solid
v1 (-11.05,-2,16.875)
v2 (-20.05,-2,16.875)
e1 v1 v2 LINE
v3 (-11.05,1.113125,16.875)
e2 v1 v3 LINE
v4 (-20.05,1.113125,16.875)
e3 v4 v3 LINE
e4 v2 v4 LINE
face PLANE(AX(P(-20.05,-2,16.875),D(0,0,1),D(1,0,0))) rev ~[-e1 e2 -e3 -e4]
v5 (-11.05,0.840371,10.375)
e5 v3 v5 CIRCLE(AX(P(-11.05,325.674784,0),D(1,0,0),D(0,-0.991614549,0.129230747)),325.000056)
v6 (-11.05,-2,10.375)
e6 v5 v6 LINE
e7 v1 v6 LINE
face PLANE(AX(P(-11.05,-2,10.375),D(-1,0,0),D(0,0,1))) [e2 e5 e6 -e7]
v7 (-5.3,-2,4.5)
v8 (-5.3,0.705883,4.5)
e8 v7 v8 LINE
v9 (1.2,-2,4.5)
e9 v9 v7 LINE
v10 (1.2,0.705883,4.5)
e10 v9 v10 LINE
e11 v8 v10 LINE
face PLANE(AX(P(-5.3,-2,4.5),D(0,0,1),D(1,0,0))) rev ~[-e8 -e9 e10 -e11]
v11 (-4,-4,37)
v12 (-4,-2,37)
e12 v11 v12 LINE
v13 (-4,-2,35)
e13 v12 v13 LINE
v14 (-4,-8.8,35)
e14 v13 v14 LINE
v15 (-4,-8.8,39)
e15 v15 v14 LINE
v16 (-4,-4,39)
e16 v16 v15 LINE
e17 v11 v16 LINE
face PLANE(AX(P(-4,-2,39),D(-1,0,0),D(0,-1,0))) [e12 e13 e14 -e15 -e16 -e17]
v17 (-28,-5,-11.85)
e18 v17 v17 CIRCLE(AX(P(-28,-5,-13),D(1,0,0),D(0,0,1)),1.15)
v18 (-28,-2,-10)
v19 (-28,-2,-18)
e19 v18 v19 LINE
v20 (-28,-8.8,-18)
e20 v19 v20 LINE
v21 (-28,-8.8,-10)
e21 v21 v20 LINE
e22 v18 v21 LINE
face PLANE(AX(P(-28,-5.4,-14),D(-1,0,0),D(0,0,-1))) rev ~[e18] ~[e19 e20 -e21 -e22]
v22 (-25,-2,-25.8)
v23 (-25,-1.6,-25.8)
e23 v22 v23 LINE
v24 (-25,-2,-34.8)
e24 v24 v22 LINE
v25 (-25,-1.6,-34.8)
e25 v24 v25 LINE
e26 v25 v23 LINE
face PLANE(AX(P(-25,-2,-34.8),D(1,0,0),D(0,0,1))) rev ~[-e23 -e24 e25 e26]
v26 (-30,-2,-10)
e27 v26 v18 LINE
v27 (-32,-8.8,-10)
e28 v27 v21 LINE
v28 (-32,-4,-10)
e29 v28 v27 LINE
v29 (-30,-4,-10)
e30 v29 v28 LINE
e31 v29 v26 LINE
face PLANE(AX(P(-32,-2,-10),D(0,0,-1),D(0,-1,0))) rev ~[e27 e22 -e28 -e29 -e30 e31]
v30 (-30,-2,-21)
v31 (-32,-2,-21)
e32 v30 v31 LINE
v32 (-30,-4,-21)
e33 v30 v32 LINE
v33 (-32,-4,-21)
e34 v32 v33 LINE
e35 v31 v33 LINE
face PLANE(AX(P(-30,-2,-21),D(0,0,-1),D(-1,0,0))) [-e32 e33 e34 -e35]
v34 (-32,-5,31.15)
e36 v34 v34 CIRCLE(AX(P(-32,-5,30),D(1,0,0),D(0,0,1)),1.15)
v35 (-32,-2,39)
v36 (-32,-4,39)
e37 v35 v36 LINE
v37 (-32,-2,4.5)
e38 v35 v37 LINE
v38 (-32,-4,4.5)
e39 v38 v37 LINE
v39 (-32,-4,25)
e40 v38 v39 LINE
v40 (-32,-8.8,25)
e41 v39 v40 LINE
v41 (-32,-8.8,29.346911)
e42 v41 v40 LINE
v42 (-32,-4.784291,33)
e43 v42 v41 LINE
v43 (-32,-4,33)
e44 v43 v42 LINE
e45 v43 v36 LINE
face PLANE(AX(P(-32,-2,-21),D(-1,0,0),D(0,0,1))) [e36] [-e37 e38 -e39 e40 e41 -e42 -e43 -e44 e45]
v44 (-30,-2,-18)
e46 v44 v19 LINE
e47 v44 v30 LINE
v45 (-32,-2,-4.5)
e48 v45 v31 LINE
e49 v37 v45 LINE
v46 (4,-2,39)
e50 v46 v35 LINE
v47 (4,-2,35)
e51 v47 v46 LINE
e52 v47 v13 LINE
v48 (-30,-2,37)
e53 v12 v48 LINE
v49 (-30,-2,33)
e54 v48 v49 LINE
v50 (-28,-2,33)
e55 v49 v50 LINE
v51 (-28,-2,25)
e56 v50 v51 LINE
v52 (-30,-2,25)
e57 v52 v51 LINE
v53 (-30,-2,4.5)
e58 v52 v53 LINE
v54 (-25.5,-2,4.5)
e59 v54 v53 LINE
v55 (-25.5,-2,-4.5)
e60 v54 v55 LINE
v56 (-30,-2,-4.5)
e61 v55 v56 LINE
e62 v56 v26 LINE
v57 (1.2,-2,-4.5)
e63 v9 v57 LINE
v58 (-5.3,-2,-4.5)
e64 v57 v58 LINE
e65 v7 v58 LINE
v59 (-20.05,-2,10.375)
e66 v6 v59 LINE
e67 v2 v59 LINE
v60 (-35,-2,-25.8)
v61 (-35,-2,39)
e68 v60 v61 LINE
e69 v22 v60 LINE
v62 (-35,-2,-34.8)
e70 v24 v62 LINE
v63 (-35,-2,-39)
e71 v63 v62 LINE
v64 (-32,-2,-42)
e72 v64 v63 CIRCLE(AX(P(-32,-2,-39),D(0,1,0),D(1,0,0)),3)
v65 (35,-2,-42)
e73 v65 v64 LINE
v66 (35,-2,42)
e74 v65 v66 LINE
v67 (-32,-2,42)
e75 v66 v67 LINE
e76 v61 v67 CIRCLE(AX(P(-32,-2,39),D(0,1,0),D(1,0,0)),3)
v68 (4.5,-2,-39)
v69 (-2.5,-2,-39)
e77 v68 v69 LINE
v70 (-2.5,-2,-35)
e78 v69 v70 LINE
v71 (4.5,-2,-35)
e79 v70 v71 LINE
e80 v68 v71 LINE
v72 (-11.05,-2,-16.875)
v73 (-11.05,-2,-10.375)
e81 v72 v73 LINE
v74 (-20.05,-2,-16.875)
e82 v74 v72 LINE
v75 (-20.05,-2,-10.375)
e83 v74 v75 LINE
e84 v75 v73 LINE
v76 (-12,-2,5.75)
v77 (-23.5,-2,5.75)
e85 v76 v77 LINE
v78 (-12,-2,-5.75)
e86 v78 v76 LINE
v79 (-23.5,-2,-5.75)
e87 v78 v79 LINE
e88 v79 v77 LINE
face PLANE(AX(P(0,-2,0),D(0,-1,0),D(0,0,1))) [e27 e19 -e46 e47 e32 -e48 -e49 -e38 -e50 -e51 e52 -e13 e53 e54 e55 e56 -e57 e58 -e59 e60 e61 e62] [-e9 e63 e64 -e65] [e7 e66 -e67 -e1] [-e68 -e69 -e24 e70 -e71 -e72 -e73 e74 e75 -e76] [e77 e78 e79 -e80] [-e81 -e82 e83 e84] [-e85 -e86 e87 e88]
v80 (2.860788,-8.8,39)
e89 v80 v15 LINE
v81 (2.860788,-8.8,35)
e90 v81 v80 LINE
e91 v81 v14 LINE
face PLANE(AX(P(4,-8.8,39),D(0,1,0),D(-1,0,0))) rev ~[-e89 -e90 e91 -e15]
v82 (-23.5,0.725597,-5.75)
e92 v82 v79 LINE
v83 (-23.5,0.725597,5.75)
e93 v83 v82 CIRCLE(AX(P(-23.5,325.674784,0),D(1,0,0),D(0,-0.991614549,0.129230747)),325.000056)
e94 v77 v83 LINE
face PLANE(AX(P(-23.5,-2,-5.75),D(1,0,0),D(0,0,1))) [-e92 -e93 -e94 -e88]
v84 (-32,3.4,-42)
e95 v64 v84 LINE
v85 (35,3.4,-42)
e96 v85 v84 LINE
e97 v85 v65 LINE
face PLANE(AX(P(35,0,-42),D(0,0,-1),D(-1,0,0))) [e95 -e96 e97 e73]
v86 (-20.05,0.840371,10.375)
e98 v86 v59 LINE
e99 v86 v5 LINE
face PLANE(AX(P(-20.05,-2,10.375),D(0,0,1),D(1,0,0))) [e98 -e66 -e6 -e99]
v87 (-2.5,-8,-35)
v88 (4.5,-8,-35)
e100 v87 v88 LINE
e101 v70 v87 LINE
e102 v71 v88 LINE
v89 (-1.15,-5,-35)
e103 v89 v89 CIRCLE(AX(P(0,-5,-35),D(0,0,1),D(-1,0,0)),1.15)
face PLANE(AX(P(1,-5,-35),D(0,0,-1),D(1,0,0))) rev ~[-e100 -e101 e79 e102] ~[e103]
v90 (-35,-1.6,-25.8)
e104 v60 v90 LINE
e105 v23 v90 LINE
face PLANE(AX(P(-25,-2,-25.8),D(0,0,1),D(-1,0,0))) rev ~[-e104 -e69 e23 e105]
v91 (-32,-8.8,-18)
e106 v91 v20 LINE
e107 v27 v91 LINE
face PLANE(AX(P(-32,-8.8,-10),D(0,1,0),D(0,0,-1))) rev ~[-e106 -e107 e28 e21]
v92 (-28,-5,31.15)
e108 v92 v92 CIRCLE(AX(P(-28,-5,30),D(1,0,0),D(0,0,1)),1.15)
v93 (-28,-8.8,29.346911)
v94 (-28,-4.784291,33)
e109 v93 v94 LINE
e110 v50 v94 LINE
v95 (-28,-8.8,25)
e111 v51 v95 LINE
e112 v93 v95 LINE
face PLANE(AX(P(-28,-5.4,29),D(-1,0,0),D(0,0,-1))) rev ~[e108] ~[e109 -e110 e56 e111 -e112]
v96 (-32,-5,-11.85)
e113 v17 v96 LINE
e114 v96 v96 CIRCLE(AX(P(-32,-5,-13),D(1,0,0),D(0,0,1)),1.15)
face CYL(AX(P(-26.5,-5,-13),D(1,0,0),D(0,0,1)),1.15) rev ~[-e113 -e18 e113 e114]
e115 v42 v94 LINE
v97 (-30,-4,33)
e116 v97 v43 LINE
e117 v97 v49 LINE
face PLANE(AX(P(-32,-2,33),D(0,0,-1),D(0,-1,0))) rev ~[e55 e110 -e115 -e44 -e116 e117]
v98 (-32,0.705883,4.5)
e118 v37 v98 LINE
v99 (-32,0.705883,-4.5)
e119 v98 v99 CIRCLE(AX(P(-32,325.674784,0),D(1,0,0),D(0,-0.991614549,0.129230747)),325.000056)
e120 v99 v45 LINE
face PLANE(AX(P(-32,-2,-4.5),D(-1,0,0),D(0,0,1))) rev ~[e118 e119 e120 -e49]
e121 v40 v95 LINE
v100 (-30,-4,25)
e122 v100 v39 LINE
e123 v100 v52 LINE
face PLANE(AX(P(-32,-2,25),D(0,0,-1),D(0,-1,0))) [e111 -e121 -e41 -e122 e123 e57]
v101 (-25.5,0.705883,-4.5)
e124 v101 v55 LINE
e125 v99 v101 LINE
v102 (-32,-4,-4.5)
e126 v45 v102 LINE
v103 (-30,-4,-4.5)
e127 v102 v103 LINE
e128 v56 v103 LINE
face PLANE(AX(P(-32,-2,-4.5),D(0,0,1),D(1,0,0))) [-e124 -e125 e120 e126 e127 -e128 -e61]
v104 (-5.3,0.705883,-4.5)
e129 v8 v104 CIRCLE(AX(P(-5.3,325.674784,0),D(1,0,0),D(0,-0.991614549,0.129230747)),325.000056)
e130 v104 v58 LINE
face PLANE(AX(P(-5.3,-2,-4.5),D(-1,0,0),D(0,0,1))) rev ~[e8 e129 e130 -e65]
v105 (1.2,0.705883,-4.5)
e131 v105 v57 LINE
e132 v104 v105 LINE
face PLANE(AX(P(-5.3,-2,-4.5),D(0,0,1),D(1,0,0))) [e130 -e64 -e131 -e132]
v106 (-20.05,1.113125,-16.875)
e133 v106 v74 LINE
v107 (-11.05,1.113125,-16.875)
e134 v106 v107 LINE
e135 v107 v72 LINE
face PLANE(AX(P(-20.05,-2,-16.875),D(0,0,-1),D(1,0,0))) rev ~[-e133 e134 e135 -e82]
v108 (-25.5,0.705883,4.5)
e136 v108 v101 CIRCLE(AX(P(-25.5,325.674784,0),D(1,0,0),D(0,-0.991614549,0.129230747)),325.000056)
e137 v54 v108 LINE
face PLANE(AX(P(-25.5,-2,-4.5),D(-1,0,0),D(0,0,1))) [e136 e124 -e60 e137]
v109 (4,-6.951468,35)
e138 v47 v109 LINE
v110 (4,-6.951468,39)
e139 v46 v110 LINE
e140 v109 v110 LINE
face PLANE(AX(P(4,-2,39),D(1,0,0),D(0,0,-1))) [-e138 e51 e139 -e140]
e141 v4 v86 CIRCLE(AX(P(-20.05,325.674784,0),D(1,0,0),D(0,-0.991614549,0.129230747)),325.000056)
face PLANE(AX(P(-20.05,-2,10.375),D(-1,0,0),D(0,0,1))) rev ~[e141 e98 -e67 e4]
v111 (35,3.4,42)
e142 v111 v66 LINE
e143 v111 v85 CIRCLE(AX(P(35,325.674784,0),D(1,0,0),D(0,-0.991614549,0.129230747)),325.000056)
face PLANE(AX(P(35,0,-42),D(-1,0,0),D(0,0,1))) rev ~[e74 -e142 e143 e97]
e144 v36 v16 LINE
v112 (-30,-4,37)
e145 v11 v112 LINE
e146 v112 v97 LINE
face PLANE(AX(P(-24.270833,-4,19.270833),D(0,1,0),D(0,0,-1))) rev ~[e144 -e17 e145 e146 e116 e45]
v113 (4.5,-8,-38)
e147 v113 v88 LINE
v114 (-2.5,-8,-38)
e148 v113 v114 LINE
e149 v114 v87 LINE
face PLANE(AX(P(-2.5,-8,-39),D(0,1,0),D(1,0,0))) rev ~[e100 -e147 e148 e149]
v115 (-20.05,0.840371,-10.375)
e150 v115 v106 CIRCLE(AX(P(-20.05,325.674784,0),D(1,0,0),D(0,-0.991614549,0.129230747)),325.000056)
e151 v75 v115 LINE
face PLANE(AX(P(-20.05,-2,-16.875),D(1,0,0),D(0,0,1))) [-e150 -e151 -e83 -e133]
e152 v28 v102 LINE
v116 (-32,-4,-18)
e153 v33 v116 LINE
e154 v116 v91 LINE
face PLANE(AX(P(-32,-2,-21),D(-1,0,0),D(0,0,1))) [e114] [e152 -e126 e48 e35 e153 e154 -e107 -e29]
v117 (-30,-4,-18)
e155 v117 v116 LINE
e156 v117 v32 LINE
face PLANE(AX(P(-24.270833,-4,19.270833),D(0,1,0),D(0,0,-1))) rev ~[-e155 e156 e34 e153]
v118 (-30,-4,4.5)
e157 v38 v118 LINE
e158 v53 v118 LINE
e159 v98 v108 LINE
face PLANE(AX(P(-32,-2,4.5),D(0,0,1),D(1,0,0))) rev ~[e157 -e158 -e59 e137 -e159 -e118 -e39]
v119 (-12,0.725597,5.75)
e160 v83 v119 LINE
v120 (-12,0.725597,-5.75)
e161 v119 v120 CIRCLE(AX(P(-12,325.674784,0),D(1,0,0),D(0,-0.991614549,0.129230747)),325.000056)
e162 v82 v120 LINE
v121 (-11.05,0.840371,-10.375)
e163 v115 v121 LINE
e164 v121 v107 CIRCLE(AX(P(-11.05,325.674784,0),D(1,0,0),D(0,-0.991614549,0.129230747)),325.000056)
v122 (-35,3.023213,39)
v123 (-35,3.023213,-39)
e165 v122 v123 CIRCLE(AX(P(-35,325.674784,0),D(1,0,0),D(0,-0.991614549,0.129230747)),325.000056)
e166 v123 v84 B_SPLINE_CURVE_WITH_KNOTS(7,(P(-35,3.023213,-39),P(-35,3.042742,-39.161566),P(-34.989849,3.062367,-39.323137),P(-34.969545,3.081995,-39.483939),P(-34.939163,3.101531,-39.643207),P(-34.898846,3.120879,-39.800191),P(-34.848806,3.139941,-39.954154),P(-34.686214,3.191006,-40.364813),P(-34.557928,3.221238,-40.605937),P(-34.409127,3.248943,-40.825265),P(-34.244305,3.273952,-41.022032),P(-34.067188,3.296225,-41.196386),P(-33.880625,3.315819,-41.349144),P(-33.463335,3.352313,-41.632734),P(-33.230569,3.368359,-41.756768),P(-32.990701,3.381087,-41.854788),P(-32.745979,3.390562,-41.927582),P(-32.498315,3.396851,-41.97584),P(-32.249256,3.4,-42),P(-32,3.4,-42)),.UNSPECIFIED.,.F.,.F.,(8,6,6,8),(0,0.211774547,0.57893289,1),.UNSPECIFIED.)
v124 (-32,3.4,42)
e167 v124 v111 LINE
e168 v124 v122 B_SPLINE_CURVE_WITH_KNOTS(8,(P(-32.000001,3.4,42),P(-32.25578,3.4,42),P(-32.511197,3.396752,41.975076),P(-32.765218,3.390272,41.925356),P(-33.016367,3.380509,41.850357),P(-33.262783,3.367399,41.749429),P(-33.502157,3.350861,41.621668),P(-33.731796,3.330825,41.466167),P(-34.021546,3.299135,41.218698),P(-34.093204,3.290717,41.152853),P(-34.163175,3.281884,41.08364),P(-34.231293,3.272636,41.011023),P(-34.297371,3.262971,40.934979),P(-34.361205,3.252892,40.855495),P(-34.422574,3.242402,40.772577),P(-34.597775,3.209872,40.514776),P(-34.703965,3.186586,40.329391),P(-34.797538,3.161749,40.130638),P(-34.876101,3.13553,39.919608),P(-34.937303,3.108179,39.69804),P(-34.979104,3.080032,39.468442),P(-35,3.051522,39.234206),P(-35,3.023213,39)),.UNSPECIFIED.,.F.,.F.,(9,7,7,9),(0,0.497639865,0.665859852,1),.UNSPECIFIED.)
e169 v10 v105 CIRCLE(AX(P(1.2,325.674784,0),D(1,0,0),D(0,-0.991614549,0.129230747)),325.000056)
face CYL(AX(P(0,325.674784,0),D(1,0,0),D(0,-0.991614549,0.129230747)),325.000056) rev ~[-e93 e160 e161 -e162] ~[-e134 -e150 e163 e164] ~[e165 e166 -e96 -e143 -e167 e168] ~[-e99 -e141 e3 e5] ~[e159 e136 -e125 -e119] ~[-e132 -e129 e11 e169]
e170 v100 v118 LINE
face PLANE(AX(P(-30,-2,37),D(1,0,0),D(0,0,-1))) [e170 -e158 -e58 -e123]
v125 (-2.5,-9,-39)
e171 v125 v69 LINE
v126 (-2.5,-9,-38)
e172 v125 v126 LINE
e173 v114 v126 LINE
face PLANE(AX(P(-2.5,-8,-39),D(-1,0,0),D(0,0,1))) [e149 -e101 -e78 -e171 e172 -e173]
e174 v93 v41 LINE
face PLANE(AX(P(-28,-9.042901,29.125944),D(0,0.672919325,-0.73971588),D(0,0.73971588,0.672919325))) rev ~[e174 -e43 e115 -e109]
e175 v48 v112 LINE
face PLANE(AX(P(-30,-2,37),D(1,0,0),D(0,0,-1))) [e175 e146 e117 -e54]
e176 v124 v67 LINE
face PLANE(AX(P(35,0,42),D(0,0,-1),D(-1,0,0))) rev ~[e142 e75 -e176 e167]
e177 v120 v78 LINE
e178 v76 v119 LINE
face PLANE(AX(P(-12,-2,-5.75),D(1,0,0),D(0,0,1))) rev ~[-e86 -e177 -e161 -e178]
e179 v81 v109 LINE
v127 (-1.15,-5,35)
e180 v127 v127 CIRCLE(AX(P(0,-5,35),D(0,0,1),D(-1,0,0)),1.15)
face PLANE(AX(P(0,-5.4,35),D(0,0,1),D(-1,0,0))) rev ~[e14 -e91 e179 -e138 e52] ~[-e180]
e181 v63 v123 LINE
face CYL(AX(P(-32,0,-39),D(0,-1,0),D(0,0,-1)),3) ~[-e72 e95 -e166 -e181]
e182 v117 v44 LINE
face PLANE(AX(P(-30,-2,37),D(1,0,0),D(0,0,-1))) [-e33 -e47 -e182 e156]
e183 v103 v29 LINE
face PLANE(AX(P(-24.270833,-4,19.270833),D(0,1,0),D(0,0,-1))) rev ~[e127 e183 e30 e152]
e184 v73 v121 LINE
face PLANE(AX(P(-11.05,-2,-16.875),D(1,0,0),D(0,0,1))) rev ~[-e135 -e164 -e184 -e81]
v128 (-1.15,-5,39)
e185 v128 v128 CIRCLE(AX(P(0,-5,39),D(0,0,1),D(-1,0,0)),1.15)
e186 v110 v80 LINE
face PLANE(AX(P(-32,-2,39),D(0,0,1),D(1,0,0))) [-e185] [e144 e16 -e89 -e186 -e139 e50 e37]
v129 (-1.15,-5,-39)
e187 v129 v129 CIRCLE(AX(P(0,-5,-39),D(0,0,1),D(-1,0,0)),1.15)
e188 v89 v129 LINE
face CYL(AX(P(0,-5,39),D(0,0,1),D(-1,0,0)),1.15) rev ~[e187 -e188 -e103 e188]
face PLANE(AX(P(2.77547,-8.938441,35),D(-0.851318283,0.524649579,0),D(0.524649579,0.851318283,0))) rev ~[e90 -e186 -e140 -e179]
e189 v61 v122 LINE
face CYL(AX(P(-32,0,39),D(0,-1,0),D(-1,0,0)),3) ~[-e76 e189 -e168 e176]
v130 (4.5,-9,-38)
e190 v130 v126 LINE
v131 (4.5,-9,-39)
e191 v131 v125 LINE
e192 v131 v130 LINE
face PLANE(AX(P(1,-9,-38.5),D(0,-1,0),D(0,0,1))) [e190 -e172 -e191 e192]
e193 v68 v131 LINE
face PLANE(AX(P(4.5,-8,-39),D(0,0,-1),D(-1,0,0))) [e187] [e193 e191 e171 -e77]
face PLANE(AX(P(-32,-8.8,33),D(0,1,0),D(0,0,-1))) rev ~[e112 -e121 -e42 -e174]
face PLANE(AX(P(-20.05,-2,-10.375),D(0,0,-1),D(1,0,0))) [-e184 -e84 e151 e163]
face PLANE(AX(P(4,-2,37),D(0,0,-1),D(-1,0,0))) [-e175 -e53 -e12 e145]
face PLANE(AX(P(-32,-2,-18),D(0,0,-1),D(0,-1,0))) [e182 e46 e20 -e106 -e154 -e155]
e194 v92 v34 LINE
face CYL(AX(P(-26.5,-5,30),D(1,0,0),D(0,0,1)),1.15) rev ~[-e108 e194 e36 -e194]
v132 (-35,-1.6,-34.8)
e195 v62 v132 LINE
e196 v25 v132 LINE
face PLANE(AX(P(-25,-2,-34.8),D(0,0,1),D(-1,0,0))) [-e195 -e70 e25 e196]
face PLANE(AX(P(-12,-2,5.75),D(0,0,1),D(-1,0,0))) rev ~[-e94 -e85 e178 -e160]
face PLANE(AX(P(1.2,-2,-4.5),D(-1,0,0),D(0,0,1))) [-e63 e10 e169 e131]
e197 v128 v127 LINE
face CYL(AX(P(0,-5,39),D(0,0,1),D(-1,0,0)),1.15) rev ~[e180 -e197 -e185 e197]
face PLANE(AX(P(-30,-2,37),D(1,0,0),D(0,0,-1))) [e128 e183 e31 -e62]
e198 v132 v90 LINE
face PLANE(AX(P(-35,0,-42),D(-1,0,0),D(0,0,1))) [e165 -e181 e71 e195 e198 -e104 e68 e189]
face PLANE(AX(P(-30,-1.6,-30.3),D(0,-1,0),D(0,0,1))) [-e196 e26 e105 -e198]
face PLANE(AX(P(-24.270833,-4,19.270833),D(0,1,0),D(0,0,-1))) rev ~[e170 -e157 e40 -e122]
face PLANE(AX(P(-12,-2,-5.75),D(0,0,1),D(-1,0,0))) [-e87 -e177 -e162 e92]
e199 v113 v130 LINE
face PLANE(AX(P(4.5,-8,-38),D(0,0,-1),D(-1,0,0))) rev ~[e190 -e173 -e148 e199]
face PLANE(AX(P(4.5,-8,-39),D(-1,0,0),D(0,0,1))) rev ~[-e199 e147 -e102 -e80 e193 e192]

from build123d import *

# Parameters (mm, degrees)
SKETCH009_W             = 84
SKETCH009_H             = 70
PAD002_DEPTH            = 2
SKETCH010_W             = 2
SKETCH010_H             = 7
PAD003_DEPTH            = 2
SKETCH012_W             = 8
SKETCH012_H             = 6.8
PAD004_DEPTH            = 4
SKETCH013_W             = 7
SKETCH013_H             = 6
PAD005_DEPTH            = 4
SKETCH011_W             = 8
SKETCH011_H             = 6.8
PAD006_DEPTH            = 4
SKETCH014_R             = 1.15
POCKET002_DEPTH         = 81.001
SKETCH016_R             = 1.15
POCKET003_DEPTH         = 8.501
SKETCH018_W             = 11.5
SKETCH018_H             = 11.5
POCKET004_DEPTH         = 5
POCKET005_DEPTH         = 5
POCKET006_DEPTH         = 5
SKETCH021_W             = 1
SKETCH021_H             = 7
PAD007_DEPTH            = 1
SKETCH022_W             = 9
SKETCH022_H             = 10
POCKET007_DEPTH         = 0.4
FILLET_R                = 3
BODY002_PITCH_ANGLE     = -90
BODY002_PLACEMENT_ANGLE = 90
PAD001_DEPTH            = 35
SKETCH007_W             = 11.5
SKETCH007_H             = 11.5
POCKET001_DEPTH         = 13
FILLET001_R             = 3
SKETCH025_W             = 6.5
SKETCH025_H             = 9
SKETCH025_W_2           = 9
SKETCH025_H_2           = 6.5
POCKET008_DEPTH         = 8


with BuildPart() as back:
    # Sketch009 → Pad002 (new body)
    with BuildSketch(Plane.XY):
        Rectangle(SKETCH009_W, SKETCH009_H)
    extrude(amount=PAD002_DEPTH)

    # Sketch010 (on Face6 of Pad002) → Pad003 (join)
    with BuildSketch(Plane.XY.offset(2)):
        with Locations((-38, -1)):
            Rectangle(SKETCH010_W, SKETCH010_H)
        Polygon((-21, 32), (39, 32), (39, -4), (37, -4), (37, 30), (-21, 30), align=None)
    extrude(amount=PAD003_DEPTH)

    # Sketch012 (on Face15 of Pad003) → Pad004 (join)
    with BuildSketch(Plane.YZ.offset(39)):
        with Locations((0, 5.4)):
            Rectangle(SKETCH012_W, SKETCH012_H)
    extrude(amount=-PAD004_DEPTH)

    # Sketch013 (on Face9 of Pad004) → Pad005 (join)
    with BuildSketch(Plane(origin=(-39, 0, 0), x_dir=(0, -1, 0), z_dir=(-1, 0, 0))):
        with Locations((1, 5)):
            Rectangle(SKETCH013_W, SKETCH013_H)
    extrude(amount=-PAD005_DEPTH)

    # Sketch011 (on Face16 of Pad003) → Pad006 (join)
    with BuildSketch(Plane(origin=(0, 32, 0), x_dir=(-1, 0, 0), z_dir=(0, 1, 0))):
        with Locations((-29, 5.4)):
            Rectangle(SKETCH011_W, SKETCH011_H)
        with Locations((14, 5.4)):
            Rectangle(SKETCH011_W, SKETCH011_H)
    extrude(amount=-PAD006_DEPTH)

    # Sketch014 (on Face44 of Pad006) → Pocket002 (cut, through all)
    with BuildSketch(Plane.YZ.offset(39)):
        with Locations((0, 5)):
            Circle(SKETCH014_R)
    extrude(amount=-POCKET002_DEPTH, mode=Mode.SUBTRACT)

    # Sketch016 → Pocket003 (cut, through all)
    with BuildSketch(Plane.XZ.offset(-26.5)):
        with Locations((-13, 5)):
            Circle(SKETCH016_R)
        with Locations((30, 5)):
            Circle(SKETCH016_R)
    extrude(amount=-POCKET003_DEPTH, mode=Mode.SUBTRACT)

    # Sketch018 (on Face5 of Pocket003) → Pocket004 (cut)
    with BuildSketch(Plane.XY.offset(2)):
        with Locations((0, 17.75)):
            Rectangle(SKETCH018_W, SKETCH018_H)
    extrude(amount=-POCKET004_DEPTH, mode=Mode.SUBTRACT)

    # Sketch019 (on Face31 of Pocket004) → Pocket005 (cut)
    with BuildSketch(Plane.XZ.offset(-28)):
        Polygon((29.125944, 9.042901), (33.258869, 4.499726), (33.258869, 9.042901), align=None)
    extrude(amount=-POCKET005_DEPTH, mode=Mode.SUBTRACT)

    # Sketch020 (on Face36 of Pocket005) → Pocket006 (cut)
    with BuildSketch(Plane(origin=(35, 0, 0), x_dir=(0, -1, 0), z_dir=(-1, 0, 0))):
        Polygon((2.77547, 8.938441), (6.386171, 3.079567), (6.386171, 8.938441), align=None)
    extrude(amount=-POCKET006_DEPTH, mode=Mode.SUBTRACT)

    # Sketch021 (on Face40 of Pocket006) → Pad007 (join)
    with BuildSketch(Plane.XY.offset(8)):
        with Locations((-38.5, -1)):
            Rectangle(SKETCH021_W, SKETCH021_H)
    extrude(amount=PAD007_DEPTH)

    # Sketch022 (on Face5 of Pocket005) → Pocket007 (cut)
    with BuildSketch(Plane.XY.offset(2)):
        with Locations((-30.3, 30)):
            Rectangle(SKETCH022_W, SKETCH022_H)
    extrude(amount=-POCKET007_DEPTH, mode=Mode.SUBTRACT)

    # Fillet
    fillet_edges = [back.edges().sort_by_distance(p)[0] for p in [
        (42, 35, 1),
        (-42, 35, 1),
    ]]
    fillet(fillet_edges, radius=FILLET_R)


with BuildPart() as back_1:
    # Body002 pitch: moved
    add(back.part.rotate(Axis((0, 0, 0), (0, 1, 0)), BODY002_PITCH_ANGLE))


with BuildPart() as back_2:
    # Body002 placement: moved
    add(back_1.part.rotate(Axis((0, 0, 0), (0, 0, 1)), BODY002_PLACEMENT_ANGLE))


with BuildPart() as curve:
    # Sketch006 → Pad001 (new body, symmetric)
    with BuildSketch(Plane(origin=(0, 0, 0), x_dir=(0, 0, -1), z_dir=(1, 0, 0))):
        with BuildLine():
            ThreePointArc((-42, 3.4), (0, 0.674728), (42, 3.4))
            Line((42, -0.1), (42, 3.4))
            Line((-42, -0.1), (42, -0.1))
            Line((-42, 3.4), (-42, -0.1))
        make_face()
    extrude(amount=PAD001_DEPTH, both=True)

    # Sketch007 (on Face3 of Pad001) → Pocket001 (cut)
    with BuildSketch(Plane.XZ.offset(0.1)):
        with Locations((-17.75, 0)):
            Rectangle(SKETCH007_W, SKETCH007_H)
    extrude(amount=-POCKET001_DEPTH, mode=Mode.SUBTRACT)

    # Fillet001
    fillet001_edges = [curve.edges().sort_by_distance(p)[0] for p in [
        (-35, 1.65, -42),
        (-35, 1.65, 42),
    ]]
    fillet(fillet001_edges, radius=FILLET001_R)

    # Boolean: union Back
    add(back_2.part)

    # Sketch025 (on Face32 of Boolean) → Pocket008 (cut, symmetric)
    with BuildSketch(Plane.XZ.offset(2)):
        with Locations((-28.75, 0)):
            Rectangle(SKETCH025_W, SKETCH025_H)
        with Locations((-15.55, 13.625)):
            Rectangle(SKETCH025_W_2, SKETCH025_H_2)
        with Locations((-2.05, 0)):
            Rectangle(SKETCH025_W, SKETCH025_H)
        with Locations((-15.55, -13.625)):
            Rectangle(SKETCH025_W_2, SKETCH025_H_2)
    extrude(amount=POCKET008_DEPTH, both=True, mode=Mode.SUBTRACT)


solid = curve.part
